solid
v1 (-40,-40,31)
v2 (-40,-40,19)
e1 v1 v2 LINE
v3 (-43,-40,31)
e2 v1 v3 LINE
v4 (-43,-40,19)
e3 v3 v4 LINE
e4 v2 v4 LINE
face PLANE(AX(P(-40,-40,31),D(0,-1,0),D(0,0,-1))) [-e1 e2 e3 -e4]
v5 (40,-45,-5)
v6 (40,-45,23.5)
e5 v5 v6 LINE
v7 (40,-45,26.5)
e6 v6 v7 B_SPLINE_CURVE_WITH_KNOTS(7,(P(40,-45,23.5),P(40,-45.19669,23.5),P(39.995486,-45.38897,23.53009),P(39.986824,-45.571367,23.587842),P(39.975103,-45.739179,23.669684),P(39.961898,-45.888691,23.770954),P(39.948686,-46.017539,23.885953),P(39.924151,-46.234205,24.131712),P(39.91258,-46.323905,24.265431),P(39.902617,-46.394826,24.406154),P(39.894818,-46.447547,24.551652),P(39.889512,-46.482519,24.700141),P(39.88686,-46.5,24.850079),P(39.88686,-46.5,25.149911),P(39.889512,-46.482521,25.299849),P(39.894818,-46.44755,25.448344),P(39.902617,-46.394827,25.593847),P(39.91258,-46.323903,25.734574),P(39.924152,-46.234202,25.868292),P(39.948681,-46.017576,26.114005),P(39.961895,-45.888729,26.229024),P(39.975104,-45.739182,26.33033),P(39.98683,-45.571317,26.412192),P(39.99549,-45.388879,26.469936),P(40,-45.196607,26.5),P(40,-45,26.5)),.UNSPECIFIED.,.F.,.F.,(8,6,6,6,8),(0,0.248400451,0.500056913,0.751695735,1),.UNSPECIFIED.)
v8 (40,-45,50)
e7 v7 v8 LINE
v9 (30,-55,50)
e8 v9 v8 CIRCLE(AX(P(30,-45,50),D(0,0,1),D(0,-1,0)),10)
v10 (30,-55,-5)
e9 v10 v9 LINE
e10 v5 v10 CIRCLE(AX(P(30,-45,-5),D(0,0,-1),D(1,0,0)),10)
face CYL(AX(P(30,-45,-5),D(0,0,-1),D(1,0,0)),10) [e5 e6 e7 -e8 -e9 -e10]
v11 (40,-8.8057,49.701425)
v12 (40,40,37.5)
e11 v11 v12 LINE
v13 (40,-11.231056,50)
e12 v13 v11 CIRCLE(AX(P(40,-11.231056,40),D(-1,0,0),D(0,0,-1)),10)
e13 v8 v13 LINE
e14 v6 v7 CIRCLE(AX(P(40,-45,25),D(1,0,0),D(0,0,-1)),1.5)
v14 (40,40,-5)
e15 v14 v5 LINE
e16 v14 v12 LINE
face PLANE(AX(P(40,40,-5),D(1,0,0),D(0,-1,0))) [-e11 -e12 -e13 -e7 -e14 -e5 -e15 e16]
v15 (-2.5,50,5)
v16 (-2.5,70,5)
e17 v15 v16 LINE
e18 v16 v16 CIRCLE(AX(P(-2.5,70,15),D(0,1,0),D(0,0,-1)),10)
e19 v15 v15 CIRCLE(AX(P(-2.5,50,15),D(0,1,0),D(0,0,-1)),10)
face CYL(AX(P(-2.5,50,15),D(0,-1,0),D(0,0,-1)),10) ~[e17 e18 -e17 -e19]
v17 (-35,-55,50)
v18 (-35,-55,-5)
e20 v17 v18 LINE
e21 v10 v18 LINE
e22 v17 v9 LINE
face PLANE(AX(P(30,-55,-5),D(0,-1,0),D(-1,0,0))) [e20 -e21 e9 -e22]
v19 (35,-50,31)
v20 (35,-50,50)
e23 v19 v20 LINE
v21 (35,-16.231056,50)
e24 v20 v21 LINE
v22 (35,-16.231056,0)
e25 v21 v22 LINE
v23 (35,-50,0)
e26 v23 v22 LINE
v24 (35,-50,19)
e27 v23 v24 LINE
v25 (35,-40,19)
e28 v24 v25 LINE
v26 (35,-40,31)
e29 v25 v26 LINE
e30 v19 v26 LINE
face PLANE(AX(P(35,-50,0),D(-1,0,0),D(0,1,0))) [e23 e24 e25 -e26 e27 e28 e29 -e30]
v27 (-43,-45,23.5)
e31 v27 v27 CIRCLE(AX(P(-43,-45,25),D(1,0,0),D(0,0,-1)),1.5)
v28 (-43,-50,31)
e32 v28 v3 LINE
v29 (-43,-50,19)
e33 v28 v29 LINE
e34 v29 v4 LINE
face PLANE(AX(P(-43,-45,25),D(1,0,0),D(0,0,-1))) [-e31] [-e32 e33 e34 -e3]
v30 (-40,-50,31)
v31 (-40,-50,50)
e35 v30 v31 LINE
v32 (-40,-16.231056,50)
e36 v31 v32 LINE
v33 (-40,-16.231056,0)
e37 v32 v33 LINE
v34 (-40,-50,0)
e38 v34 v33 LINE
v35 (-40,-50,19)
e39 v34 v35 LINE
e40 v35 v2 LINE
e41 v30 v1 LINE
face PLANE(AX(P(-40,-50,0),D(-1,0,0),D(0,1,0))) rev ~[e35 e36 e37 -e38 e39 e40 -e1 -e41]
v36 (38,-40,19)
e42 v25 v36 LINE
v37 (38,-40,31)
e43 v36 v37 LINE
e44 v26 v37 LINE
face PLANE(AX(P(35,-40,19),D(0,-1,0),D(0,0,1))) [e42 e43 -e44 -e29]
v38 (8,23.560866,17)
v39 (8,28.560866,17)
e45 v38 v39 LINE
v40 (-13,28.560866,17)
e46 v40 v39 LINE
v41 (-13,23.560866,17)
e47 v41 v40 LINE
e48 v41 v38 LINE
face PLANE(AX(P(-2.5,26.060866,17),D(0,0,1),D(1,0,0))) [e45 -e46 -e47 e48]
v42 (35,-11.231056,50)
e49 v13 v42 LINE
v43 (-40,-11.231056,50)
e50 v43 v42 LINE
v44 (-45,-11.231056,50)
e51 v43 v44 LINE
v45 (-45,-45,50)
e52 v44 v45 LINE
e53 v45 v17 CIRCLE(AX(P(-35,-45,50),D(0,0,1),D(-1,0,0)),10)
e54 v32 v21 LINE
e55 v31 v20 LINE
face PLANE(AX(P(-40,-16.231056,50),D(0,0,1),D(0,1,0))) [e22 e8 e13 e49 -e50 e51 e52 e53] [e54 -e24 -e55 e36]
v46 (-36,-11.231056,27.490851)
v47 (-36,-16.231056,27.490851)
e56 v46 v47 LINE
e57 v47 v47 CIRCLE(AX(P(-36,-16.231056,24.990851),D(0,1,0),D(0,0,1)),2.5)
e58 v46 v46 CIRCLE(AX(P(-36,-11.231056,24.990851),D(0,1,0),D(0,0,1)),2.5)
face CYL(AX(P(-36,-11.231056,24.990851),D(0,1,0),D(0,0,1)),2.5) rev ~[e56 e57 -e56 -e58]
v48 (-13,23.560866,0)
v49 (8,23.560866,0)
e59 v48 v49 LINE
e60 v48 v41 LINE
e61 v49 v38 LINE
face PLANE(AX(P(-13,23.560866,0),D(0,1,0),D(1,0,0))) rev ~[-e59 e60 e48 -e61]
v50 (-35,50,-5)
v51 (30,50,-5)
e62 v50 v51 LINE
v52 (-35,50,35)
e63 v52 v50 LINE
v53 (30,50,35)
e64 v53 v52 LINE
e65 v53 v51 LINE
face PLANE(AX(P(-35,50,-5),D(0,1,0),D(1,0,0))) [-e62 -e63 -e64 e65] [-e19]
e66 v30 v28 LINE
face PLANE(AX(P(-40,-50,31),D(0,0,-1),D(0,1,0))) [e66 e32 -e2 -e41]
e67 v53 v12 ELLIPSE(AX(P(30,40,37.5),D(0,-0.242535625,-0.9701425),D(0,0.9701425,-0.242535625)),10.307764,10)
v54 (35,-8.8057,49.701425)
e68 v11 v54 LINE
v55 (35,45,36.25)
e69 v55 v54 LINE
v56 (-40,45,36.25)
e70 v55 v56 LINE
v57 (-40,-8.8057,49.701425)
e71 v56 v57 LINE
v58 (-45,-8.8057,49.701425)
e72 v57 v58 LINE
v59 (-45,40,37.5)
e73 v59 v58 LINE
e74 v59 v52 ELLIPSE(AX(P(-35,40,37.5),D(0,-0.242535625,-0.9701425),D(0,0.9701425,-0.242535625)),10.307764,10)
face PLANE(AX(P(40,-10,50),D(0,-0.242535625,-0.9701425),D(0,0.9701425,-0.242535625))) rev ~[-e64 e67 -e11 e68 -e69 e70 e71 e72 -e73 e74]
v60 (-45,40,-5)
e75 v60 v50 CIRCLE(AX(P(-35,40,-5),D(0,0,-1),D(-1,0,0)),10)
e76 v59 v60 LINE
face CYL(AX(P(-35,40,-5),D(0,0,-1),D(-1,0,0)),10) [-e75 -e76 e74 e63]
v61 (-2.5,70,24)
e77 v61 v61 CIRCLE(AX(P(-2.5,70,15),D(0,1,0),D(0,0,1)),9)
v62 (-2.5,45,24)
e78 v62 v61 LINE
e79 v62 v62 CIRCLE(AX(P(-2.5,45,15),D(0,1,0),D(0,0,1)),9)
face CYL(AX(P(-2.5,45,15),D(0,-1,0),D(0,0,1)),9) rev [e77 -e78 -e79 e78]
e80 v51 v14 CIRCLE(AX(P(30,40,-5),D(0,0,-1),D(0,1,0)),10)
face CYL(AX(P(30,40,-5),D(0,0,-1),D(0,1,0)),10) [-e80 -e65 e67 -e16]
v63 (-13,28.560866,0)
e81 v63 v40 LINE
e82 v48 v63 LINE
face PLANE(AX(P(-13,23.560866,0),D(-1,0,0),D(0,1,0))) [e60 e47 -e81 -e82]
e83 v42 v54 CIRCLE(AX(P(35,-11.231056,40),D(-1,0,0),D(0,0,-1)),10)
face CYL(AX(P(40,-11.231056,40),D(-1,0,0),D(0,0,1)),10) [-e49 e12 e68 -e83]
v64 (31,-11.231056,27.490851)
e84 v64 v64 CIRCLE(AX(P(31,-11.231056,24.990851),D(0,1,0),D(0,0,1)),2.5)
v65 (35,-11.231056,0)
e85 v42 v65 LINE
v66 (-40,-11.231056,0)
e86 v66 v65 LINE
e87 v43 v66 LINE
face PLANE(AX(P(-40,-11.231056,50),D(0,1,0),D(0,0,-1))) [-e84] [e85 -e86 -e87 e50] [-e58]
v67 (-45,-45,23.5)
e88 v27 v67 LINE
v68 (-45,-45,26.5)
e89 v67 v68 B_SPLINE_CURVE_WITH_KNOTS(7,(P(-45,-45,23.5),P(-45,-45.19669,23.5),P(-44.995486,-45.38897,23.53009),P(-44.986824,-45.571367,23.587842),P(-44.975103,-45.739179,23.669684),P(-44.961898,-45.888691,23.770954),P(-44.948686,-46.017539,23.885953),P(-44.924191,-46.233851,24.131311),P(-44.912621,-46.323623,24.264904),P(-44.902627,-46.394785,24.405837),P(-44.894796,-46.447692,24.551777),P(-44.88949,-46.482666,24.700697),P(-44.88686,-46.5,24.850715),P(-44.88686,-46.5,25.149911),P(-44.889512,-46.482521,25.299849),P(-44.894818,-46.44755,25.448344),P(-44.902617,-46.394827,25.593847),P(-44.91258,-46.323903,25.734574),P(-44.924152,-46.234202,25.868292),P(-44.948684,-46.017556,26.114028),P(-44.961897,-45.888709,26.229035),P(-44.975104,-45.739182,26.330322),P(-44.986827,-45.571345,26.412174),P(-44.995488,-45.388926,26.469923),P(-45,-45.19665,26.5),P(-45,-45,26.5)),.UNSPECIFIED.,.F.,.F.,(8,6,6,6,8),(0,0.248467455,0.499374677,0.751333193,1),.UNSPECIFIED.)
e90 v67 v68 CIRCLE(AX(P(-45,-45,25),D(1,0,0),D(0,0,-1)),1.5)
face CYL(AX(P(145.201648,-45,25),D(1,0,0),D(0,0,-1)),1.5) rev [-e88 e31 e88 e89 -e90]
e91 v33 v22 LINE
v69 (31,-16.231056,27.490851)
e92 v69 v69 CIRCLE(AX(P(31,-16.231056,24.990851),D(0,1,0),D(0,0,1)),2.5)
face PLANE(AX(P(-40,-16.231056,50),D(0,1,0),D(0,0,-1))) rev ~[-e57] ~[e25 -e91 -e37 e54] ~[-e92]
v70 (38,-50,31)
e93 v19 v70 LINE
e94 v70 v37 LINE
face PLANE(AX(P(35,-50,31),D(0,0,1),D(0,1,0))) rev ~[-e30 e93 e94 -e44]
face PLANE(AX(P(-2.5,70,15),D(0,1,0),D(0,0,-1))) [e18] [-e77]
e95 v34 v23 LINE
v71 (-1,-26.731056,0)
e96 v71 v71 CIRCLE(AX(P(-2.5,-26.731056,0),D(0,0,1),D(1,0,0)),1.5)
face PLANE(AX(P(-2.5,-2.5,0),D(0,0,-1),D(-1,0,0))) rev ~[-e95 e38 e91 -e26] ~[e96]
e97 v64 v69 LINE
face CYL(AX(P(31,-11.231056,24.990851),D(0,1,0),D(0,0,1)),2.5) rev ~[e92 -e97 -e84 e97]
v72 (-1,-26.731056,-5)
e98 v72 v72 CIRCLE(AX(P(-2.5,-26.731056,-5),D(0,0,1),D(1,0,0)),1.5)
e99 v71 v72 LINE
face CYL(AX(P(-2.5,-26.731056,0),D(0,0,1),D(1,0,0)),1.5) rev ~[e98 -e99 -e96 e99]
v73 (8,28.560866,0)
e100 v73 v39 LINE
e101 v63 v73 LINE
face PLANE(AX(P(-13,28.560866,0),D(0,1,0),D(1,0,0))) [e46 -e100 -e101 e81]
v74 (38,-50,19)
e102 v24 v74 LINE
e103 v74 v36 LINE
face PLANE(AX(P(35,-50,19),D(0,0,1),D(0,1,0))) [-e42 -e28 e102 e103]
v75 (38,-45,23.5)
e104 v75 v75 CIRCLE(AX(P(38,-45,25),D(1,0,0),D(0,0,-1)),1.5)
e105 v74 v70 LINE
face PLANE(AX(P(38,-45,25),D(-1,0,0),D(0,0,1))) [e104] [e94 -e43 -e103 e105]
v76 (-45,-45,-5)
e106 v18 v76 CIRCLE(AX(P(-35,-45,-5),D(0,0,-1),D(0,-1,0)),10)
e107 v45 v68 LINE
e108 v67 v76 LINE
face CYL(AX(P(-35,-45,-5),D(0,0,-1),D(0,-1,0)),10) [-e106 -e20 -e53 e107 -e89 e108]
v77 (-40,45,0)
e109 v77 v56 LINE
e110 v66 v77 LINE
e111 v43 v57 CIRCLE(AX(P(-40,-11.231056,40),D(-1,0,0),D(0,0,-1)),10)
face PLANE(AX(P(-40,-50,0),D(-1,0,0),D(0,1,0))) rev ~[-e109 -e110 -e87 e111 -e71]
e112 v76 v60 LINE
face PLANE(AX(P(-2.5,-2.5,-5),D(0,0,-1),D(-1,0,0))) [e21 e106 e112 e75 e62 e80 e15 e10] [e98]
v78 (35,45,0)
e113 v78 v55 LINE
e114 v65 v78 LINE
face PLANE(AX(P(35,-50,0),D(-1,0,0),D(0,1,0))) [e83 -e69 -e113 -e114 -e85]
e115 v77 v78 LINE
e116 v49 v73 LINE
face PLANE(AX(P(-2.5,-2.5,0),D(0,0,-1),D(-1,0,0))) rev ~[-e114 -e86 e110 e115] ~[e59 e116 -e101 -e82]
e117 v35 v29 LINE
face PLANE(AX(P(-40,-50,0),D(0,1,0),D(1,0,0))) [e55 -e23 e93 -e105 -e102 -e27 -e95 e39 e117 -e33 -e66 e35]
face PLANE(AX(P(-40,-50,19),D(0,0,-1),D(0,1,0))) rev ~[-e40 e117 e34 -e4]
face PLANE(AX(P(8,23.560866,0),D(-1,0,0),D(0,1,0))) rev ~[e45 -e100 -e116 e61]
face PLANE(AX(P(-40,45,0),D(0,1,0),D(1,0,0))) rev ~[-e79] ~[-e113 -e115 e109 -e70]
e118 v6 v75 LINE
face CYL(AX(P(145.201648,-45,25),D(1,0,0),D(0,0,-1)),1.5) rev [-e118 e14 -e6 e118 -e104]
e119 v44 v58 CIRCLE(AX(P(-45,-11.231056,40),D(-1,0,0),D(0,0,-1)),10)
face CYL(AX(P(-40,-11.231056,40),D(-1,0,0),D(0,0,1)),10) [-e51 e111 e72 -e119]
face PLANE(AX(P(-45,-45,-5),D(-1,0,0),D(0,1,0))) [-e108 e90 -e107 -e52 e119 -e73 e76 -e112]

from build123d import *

# Parameters (mm, degrees)
SKETCH1_W               = 75
SKETCH1_H               = 95
BOSS_EXTRUDE4_DEPTH     = 50
BOSS_EXTRUDE5_START     = 5
BOSS_EXTRUDE5_DEPTH     = 5
CUT_EXTRUDE4_DEPTH      = 110.201648339
CUT_EXTRUDE4_DEPTH_BACK = 110.201648339
SKETCH7_R               = 1.5
SKETCH10_W              = 12
SKETCH10_H              = 10
CUT_EXTRUDE5_DEPTH      = 3
SKETCH11_W              = 12
SKETCH11_H              = 10
CUT_EXTRUDE6_DEPTH      = 3
CUT_EXTRUDE7_DEPTH      = 113.915898075
FILLET11_R              = 10
SKETCH13_W              = 50
SKETCH13_H              = 5
BOSS_EXTRUDE7_DEPTH     = 75
SKETCH17_R              = 1.5
CUT_EXTRUDE9_DEPTH      = 5
SKETCH18_W              = 21
SKETCH18_H              = 5
BOSS_EXTRUDE8_DEPTH     = 17
SKETCH21_R              = 2.5
CUT_EXTRUDE10_DEPTH     = 17
SKETCH22_R              = 10
SKETCH22_R_2            = 9
BOSS_EXTRUDE9_DEPTH     = 20
CUT_EXTRUDE11_START     = -5
SKETCH24_R              = 9
CUT_EXTRUDE11_DEPTH     = 5


with BuildPart() as part:
    # Sketch1 → Boss-Extrude4 (new body)
    with BuildSketch(Plane.XY):
        with BuildLine():
            Line((-35, -55), (30, -55))
            ThreePointArc((30, -55), (37.071067812, -52.071067812), (40, -45))
            Line((40, -45), (40, 40))
            ThreePointArc((40, 40), (37.071067812, 47.071067812), (30, 50))
            Line((30, 50), (-35, 50))
            ThreePointArc((-35, 50), (-42.071067812, 47.071067812), (-45, 40))
            Line((-45, 40), (-45, -45))
            ThreePointArc((-45, -45), (-42.071067812, -52.071067812), (-35, -55))
        make_face()
        with Locations((-2.5, -2.5)):
            Rectangle(SKETCH1_W, SKETCH1_H, mode=Mode.SUBTRACT)
    extrude(amount=BOSS_EXTRUDE4_DEPTH)

    # Sketch5 → Boss-Extrude5 (add)
    with BuildSketch(Plane(origin=(0, 0, 0), x_dir=(-1, 0, 0), z_dir=(0, 0, -1)).offset(BOSS_EXTRUDE5_START)):
        with BuildLine():
            Line((-30, -55), (35, -55))
            ThreePointArc((35, -55), (42.071067812, -52.071067812), (45, -45))
            Line((45, -45), (45, 40))
            ThreePointArc((45, 40), (42.071067812, 47.071067812), (35, 50))
            Line((35, 50), (-30, 50))
            ThreePointArc((-30, 50), (-37.071067812, 47.071067812), (-40, 40))
            Line((-40, 40), (-40, -45))
            ThreePointArc((-40, -45), (-37.071067812, -52.071067812), (-30, -55))
        make_face()
    extrude(amount=-BOSS_EXTRUDE5_DEPTH)

    # Sketch7 → Cut-Extrude4 (cut, two sides: drawn at the far end of the back side and taken through both)
    with BuildSketch(Plane.ZY.offset(-35).offset(-CUT_EXTRUDE4_DEPTH_BACK)):
        with Locations(Location((25, -45, 0), (0, 0, 180))):
            Circle(SKETCH7_R)
    extrude(amount=CUT_EXTRUDE4_DEPTH + CUT_EXTRUDE4_DEPTH_BACK, mode=Mode.SUBTRACT)

    # Sketch10 → Cut-Extrude5 (cut)
    with BuildSketch(Plane.ZY.offset(-35)):
        with Locations((25, -45)):
            Rectangle(SKETCH10_W, SKETCH10_H)
    extrude(amount=-CUT_EXTRUDE5_DEPTH, mode=Mode.SUBTRACT)

    # Sketch11 → Cut-Extrude6 (cut)
    with BuildSketch(Plane(origin=(-40, 0, 0), x_dir=(0, 0, -1), z_dir=(1, 0, 0))):
        with Locations((-25, -45)):
            Rectangle(SKETCH11_W, SKETCH11_H)
    extrude(amount=-CUT_EXTRUDE6_DEPTH, mode=Mode.SUBTRACT)

    # Sketch12 → Cut-Extrude7 (cut, through all)
    with BuildSketch(Plane(origin=(40, 0, 0), x_dir=(0, 0, -1), z_dir=(1, 0, 0))):
        Polygon((-50, -10), (-35, 50), (-50, 50), align=None)
    extrude(amount=-CUT_EXTRUDE7_DEPTH, mode=Mode.SUBTRACT)

    # Fillet11
    fillet11_edges = [part.edges().sort_by_distance(p)[0] for p in [
        (-42.5, -10, 50),
        (37.5, -10, 50),
    ]]
    fillet(fillet11_edges, radius=FILLET11_R)

    # Sketch13 → Boss-Extrude7 (add)
    with BuildSketch(Plane(origin=(-40, 0, 0), x_dir=(0, 0, -1), z_dir=(1, 0, 0))):
        with Locations((-25, -13.731056256)):
            Rectangle(SKETCH13_W, SKETCH13_H)
    extrude(amount=BOSS_EXTRUDE7_DEPTH)

    # Sketch17 → Cut-Extrude9 (cut)
    with BuildSketch(Plane.XY):
        with Locations((-2.5, -26.731056256)):
            Circle(SKETCH17_R)
    extrude(amount=-CUT_EXTRUDE9_DEPTH, mode=Mode.SUBTRACT)

    # Sketch18 → Boss-Extrude8 (add)
    with BuildSketch(Plane.XY):
        with Locations((-2.5, 26.060865593)):
            Rectangle(SKETCH18_W, SKETCH18_H)
    extrude(amount=BOSS_EXTRUDE8_DEPTH)

    # Sketch21 → Cut-Extrude10 (cut)
    with BuildSketch(Plane(origin=(0, -11.231056256, 0), x_dir=(1, 0, 0), z_dir=(0, 1, 0))):
        with Locations(Location((-36, -24.990851146, 0), (0, 0, 270))):
            Circle(SKETCH21_R)
        with Locations(Location((31, -24.990851146, 0), (0, 0, 270))):
            Circle(SKETCH21_R)
    extrude(amount=-CUT_EXTRUDE10_DEPTH, mode=Mode.SUBTRACT)

    # Sketch22 → Boss-Extrude9 (add)
    with BuildSketch(Plane(origin=(0, 50, 0), x_dir=(1, 0, 0), z_dir=(0, 1, 0))):
        with Locations(Location((-2.5, -15, 0), (0, 0, 90))):
            Circle(SKETCH22_R)
        with Locations(Location((-2.5, -15, 0), (0, 0, 270))):
            Circle(SKETCH22_R_2, mode=Mode.SUBTRACT)
    extrude(amount=BOSS_EXTRUDE9_DEPTH)

    # Sketch24 → Cut-Extrude11 (cut)
    with BuildSketch(Plane(origin=(0, 50, 0), x_dir=(1, 0, 0), z_dir=(0, 1, 0)).offset(CUT_EXTRUDE11_START)):
        with Locations(Location((-2.5, -15, 0), (0, 0, 270))):
            Circle(SKETCH24_R)
    extrude(amount=CUT_EXTRUDE11_DEPTH, mode=Mode.SUBTRACT)


solid = part.part
